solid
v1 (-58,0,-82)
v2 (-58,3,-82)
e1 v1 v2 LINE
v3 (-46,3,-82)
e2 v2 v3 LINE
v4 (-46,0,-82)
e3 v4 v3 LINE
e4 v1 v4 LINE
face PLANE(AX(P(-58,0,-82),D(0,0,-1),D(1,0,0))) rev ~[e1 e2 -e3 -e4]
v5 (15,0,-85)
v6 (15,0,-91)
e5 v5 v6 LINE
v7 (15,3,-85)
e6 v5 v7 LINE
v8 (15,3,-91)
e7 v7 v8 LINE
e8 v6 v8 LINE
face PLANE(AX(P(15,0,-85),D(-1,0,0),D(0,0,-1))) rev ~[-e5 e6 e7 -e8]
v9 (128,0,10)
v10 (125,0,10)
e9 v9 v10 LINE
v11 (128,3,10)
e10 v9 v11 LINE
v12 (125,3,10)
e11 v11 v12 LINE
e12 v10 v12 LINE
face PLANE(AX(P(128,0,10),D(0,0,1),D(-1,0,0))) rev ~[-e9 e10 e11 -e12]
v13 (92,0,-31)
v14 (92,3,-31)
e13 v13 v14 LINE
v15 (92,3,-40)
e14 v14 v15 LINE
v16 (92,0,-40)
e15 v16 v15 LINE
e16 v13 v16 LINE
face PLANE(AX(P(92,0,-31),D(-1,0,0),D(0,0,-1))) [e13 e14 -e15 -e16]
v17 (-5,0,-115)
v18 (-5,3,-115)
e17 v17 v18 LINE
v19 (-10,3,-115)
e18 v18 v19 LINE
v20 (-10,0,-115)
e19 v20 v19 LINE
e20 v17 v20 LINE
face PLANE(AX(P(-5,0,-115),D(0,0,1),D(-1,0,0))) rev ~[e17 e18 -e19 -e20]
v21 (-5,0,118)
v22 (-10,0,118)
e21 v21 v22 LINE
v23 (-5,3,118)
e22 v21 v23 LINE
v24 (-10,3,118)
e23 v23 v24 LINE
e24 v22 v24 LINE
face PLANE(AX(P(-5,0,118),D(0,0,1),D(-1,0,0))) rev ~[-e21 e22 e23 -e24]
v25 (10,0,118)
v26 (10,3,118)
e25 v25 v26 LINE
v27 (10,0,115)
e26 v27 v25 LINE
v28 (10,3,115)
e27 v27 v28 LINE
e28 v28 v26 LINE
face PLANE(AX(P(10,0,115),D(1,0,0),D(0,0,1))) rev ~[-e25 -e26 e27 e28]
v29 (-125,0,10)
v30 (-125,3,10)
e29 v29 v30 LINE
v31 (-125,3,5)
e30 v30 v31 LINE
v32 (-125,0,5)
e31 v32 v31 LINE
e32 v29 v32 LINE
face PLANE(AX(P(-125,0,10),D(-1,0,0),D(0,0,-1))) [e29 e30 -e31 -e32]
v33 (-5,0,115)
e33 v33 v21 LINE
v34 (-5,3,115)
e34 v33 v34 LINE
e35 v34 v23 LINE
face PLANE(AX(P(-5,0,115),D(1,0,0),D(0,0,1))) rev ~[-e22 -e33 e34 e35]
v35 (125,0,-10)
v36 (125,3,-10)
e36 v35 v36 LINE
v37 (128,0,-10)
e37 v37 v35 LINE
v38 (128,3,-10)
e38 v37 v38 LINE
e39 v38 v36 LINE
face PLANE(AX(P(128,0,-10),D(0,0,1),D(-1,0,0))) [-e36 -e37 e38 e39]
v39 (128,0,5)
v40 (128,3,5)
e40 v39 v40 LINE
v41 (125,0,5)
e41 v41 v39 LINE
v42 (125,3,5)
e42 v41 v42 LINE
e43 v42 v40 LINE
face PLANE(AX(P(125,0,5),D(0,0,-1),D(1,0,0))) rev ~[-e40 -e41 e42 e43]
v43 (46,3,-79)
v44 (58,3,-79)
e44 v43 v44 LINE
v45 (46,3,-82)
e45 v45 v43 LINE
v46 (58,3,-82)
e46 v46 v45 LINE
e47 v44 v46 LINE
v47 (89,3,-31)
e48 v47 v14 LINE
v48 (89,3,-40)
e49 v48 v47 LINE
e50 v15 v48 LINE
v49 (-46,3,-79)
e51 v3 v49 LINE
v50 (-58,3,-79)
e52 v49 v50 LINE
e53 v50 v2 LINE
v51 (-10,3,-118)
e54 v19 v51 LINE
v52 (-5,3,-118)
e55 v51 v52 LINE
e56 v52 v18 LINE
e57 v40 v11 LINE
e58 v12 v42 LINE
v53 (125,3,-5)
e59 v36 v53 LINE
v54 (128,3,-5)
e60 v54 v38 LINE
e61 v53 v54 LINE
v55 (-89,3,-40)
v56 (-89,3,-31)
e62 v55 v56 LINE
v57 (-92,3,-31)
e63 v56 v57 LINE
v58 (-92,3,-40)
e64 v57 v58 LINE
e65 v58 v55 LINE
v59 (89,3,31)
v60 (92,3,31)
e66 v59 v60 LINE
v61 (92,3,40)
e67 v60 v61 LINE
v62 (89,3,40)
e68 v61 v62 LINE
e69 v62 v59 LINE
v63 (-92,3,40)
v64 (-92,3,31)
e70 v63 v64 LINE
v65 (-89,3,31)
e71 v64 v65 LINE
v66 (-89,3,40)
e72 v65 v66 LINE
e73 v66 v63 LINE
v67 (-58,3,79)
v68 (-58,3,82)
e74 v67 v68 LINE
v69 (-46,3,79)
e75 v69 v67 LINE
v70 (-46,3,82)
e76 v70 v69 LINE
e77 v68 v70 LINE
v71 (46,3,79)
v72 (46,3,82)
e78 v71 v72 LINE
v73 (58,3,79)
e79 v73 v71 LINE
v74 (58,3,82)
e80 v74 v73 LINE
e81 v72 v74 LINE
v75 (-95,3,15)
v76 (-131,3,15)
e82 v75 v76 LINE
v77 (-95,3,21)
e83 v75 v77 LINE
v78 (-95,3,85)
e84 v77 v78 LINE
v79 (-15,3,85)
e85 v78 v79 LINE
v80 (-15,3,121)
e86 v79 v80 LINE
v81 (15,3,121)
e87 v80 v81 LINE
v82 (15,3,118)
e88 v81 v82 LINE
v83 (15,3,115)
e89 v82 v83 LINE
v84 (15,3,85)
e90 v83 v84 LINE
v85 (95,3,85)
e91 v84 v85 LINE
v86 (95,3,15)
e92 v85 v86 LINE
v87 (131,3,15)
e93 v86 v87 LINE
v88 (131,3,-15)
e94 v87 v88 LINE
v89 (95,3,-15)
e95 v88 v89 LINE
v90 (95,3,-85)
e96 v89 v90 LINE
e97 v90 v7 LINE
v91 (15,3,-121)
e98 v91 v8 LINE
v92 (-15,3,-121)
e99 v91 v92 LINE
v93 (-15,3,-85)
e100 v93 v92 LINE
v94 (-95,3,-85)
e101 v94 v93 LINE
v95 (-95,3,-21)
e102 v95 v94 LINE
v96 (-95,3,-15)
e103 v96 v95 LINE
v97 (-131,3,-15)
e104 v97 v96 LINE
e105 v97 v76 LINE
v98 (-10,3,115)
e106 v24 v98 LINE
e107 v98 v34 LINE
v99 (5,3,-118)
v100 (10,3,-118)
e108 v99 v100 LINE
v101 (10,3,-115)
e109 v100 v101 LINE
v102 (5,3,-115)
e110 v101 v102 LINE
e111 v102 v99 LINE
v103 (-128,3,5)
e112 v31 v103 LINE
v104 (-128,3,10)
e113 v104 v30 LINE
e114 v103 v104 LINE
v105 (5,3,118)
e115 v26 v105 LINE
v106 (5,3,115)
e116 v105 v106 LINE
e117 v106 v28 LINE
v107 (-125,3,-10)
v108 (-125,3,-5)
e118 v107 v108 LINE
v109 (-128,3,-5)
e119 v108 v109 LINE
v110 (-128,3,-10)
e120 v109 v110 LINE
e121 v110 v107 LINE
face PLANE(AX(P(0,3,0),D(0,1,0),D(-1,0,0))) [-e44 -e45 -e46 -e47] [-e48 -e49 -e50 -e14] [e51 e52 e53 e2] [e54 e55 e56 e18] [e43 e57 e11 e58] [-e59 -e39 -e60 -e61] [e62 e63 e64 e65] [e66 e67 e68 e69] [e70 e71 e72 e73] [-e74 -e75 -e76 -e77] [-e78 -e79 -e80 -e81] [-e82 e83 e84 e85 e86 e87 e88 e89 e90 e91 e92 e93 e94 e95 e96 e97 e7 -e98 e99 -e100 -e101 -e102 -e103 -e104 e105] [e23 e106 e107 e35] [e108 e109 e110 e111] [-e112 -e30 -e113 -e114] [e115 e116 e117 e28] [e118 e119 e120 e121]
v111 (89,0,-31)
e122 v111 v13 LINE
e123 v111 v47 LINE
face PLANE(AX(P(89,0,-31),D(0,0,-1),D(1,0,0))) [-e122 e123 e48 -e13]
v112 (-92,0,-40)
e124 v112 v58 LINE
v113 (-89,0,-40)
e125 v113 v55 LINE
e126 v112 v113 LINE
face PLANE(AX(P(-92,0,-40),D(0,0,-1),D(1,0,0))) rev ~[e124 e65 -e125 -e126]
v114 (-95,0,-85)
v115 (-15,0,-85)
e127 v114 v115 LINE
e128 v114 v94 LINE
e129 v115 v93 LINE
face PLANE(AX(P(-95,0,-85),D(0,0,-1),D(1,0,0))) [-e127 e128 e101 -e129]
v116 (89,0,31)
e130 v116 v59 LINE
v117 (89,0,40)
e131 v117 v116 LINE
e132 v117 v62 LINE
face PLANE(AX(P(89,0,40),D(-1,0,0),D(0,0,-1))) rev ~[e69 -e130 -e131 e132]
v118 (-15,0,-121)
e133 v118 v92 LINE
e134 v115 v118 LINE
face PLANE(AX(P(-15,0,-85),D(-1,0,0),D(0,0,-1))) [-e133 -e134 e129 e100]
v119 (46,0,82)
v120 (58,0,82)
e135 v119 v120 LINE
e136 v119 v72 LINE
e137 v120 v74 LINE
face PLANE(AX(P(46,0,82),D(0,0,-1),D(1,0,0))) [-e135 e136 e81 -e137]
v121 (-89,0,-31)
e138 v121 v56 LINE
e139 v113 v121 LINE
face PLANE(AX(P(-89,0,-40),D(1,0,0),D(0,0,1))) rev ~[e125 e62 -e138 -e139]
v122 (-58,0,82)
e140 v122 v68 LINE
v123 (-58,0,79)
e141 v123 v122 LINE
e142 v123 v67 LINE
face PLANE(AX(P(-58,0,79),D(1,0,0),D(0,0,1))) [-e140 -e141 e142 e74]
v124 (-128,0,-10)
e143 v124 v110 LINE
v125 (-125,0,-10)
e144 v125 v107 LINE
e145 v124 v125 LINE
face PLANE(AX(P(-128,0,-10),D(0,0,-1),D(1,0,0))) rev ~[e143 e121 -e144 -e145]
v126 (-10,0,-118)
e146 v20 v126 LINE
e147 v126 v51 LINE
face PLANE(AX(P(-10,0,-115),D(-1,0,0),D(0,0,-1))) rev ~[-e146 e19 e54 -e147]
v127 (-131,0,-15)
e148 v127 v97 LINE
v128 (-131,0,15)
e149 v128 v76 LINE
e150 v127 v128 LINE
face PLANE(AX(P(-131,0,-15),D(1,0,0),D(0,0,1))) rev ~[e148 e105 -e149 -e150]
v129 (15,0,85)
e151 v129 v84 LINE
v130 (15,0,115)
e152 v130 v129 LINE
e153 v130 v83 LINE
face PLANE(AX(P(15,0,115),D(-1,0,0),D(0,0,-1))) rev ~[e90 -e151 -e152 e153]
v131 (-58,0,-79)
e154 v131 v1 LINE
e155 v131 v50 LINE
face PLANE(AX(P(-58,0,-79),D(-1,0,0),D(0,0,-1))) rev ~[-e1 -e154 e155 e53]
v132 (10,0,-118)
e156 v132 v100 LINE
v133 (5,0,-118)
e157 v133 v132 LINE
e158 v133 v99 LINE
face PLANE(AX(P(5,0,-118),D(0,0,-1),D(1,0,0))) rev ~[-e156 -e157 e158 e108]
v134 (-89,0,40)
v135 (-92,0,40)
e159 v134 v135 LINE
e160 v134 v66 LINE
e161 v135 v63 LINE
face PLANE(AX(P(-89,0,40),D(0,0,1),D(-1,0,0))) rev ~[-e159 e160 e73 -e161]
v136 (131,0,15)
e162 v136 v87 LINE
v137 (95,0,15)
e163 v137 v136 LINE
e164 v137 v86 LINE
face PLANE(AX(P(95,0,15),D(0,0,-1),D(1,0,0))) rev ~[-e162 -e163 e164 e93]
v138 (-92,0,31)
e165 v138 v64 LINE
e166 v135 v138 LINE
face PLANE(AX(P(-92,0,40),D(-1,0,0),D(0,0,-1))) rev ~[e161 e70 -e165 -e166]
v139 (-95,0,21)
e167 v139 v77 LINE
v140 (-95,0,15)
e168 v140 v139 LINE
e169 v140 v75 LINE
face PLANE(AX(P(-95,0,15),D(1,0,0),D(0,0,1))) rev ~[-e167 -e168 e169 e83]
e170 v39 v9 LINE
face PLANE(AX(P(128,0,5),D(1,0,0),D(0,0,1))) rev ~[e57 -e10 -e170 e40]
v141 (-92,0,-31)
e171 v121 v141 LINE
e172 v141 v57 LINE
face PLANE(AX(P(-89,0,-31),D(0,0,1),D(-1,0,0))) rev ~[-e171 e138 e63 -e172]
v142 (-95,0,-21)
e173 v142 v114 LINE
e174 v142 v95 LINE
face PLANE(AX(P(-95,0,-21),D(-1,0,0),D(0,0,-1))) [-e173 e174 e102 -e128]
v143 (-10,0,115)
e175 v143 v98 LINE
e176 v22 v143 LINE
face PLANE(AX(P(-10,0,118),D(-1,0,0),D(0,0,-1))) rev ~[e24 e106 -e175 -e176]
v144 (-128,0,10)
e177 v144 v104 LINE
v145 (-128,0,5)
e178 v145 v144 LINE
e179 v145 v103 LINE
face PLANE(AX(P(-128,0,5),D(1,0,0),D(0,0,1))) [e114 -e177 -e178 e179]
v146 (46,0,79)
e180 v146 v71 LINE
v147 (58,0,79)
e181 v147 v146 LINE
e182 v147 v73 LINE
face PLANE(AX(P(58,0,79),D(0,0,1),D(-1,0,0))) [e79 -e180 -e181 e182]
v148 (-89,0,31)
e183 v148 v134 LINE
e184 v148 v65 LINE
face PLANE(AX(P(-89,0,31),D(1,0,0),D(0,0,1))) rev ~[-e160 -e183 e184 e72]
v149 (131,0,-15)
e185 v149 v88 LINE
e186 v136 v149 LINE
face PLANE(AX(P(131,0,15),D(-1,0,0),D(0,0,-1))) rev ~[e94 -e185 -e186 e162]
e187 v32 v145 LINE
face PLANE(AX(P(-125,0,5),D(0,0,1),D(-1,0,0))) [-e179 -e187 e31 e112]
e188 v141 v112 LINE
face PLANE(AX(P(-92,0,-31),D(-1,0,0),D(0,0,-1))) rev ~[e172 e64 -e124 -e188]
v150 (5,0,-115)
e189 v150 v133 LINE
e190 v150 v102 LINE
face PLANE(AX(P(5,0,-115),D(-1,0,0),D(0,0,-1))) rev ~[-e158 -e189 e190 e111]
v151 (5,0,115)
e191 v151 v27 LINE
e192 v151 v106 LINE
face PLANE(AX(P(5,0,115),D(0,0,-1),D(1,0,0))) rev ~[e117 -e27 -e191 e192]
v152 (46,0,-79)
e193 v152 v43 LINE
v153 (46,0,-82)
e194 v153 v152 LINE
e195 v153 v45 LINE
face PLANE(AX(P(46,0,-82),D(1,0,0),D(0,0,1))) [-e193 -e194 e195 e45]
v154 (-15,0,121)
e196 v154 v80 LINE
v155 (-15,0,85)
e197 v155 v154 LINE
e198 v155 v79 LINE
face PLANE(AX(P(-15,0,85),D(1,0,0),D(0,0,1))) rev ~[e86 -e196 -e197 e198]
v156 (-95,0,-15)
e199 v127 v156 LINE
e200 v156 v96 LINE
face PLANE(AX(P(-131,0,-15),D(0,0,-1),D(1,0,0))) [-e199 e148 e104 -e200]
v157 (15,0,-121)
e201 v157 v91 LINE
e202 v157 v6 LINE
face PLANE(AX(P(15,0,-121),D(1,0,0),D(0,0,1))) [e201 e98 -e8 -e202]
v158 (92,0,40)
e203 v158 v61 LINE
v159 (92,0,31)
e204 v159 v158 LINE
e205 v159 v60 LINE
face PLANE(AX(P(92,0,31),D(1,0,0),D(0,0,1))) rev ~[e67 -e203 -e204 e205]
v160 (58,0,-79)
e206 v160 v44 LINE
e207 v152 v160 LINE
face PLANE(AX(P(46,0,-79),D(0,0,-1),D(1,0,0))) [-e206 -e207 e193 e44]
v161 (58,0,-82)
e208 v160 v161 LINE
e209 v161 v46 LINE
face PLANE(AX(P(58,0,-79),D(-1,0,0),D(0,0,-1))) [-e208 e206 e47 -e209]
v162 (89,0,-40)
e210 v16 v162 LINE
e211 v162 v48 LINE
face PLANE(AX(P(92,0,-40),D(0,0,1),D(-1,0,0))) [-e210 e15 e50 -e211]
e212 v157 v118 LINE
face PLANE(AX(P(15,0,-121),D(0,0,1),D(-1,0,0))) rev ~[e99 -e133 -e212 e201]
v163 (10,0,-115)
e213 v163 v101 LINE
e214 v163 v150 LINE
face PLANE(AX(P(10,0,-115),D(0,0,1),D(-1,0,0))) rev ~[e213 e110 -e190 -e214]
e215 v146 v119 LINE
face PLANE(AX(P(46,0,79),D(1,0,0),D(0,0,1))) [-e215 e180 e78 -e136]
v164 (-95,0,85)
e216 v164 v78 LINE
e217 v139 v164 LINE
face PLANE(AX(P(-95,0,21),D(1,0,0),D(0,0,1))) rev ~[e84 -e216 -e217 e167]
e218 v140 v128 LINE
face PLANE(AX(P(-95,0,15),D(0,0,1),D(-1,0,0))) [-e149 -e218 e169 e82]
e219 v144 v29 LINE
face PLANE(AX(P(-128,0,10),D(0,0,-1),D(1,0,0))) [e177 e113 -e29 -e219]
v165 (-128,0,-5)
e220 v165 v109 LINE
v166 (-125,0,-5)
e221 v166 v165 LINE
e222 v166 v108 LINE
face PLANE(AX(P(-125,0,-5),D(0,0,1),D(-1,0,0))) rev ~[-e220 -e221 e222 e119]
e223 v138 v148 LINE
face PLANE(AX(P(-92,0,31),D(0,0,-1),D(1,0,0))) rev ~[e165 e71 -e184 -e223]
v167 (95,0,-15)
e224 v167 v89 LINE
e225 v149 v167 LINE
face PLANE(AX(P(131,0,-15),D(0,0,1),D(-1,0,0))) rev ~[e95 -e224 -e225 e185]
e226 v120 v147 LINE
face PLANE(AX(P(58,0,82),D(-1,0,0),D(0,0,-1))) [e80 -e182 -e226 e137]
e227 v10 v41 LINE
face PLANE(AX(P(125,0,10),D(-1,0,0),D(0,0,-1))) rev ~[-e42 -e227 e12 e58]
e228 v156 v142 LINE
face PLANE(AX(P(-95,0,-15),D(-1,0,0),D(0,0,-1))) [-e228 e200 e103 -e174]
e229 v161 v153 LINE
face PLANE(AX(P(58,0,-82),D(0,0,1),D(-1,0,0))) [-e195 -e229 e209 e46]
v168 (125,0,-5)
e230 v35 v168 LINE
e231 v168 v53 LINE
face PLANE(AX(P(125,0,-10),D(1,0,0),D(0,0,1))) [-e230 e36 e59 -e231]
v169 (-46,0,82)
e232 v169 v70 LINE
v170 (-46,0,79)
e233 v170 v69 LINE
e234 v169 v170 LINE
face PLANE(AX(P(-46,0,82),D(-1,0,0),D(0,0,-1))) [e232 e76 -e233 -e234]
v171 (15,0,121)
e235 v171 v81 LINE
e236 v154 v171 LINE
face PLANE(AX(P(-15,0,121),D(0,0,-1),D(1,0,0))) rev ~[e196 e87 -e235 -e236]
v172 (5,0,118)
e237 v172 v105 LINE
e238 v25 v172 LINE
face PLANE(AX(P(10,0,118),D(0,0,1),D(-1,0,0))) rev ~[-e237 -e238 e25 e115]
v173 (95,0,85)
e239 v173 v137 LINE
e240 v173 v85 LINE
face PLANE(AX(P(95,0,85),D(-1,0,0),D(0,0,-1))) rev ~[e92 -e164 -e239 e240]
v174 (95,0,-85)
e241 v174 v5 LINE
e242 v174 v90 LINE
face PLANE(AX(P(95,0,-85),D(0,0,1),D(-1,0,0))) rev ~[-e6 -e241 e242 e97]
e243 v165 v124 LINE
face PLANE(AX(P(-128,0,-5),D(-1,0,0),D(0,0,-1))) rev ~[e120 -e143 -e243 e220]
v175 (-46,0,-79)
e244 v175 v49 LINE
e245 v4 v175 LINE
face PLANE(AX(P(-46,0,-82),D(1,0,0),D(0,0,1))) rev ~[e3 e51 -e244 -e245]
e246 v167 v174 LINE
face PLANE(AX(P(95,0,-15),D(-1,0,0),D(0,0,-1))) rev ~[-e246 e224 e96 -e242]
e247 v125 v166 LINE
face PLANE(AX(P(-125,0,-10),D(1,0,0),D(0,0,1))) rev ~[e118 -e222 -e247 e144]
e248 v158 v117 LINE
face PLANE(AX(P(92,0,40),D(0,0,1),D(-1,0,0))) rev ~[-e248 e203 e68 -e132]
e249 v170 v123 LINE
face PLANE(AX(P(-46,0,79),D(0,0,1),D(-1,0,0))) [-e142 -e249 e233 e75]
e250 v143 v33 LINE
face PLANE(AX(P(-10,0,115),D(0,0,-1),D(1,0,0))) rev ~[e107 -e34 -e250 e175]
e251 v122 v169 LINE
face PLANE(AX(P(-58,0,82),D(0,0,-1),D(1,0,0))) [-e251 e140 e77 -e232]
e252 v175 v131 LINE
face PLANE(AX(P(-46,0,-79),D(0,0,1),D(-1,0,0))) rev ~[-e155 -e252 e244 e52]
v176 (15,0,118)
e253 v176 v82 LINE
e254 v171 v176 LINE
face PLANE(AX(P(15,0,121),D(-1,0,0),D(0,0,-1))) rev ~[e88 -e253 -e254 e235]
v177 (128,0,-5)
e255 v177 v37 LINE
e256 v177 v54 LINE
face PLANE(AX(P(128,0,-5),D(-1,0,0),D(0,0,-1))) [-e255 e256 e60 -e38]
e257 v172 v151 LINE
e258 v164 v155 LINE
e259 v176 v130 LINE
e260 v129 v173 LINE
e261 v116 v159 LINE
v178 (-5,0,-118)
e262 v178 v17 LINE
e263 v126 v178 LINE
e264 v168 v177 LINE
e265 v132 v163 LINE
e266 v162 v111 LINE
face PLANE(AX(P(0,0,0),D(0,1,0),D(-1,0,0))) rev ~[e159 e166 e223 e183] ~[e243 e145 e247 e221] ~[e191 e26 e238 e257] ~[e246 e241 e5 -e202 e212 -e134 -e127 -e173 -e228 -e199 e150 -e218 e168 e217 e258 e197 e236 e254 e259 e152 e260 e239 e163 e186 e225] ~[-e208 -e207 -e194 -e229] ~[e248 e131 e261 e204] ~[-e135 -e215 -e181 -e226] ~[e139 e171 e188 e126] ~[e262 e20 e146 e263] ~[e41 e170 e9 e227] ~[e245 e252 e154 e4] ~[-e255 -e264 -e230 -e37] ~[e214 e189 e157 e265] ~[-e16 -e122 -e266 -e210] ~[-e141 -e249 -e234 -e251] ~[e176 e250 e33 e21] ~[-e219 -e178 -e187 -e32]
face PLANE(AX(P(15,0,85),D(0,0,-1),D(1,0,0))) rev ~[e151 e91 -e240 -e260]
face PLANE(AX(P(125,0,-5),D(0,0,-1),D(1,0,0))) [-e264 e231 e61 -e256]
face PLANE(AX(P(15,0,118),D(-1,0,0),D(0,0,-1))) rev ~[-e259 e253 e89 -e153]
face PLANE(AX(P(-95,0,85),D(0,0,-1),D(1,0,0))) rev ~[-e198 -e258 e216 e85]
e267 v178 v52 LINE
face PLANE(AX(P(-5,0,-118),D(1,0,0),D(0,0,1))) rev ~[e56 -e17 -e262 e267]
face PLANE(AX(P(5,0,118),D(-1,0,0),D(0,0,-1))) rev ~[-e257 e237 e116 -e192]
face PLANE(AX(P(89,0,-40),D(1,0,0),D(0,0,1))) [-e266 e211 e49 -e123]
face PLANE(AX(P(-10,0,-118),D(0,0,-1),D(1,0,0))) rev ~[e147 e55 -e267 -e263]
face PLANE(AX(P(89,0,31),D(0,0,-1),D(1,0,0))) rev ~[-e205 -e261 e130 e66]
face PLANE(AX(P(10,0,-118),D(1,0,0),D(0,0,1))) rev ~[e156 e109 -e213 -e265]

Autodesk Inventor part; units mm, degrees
ref_plane "YZ Plane" through (0, 0, 0) normal (1, 0, 0) x (0, 1, 0)
ref_plane "XZ Plane" through (0, 0, 0) normal (0, 1, 0) x (-1, 0, 0)
ref_plane "XY Plane" through (0, 0, 0) normal (0, 0, 1) x (1, 0, 0)
sketch "Boceto1" plane through (0, 0, 0) normal (0, 1, 0) x (-1, 0, 0)
  line L0 (-15, 118) -> (-15, 115)
  line L1 (-15, 121) -> (-15, 118)
  line L2 (-5, 115) -> (-10, 115)
  line L3 (-10, 115) -> (-10, 118)
  line L4 (-10, 118) -> (-5, 118)
  line L5 (-5, 118) -> (-5, 115)
  line L6 (10, 115) -> (5, 115)
  line L7 (5, 115) -> (5, 118)
  line L8 (5, 118) -> (10, 118)
  line L9 (10, 118) -> (10, 115)
  line L10 (-15, -85) -> (-15, -91)
  line L11 (-15, -121) -> (-15, -85)
  line L12 (-15, -121) -> (15, -121)
  line L13 (95, -15) -> (95, -85)
  line L14 (95, -85) -> (15, -85)
  line L15 (15, -85) -> (15, -121)
  line L16 (-15, 121) -> (-15, 85)
  line L17 (-15, 85) -> (-95, 85)
  line L18 (-95, 85) -> (-95, 15)
  line L19 (-95, 15) -> (-131, 15)
  line L20 (-131, 15) -> (-131, -15)
  line L21 (-131, -15) -> (-95, -15)
  line L22 (-95, -15) -> (-95, -85)
  line L23 (-95, -85) -> (-15, -85)
  line L24 (-10, -115) -> (-5, -115)
  line L25 (-5, -115) -> (-5, -118)
  line L26 (-5, -118) -> (-10, -118)
  line L27 (-10, -118) -> (-10, -115)
  line L28 (10, -115) -> (10, -118)
  line L29 (10, -118) -> (5, -118)
  line L30 (5, -118) -> (5, -115)
  line L31 (5, -115) -> (10, -115)
  line L32 (46, -82) -> (46, -79)
  line L33 (46, -79) -> (58, -79)
  line L34 (58, -79) -> (58, -82)
  line L35 (58, -82) -> (46, -82)
  line L36 (95, 15) -> (95, 21)
  line L37 (95, -15) -> (95, -21)
  line L38 (131, -15) -> (131, 15)
  line L39 (131, -15) -> (95, -15)
  line L40 (95, 15) -> (131, 15)
  line L41 (95, 15) -> (95, 85)
  line L42 (95, 85) -> (15, 85)
  line L43 (15, 85) -> (15, 121)
  line L44 (15, 121) -> (-15, 121)
  line L45 (125, 10) -> (125, 5)
  line L46 (125, 5) -> (128, 5)
  line L47 (128, 5) -> (128, 10)
  line L48 (128, 10) -> (125, 10)
  line L49 (128, -10) -> (125, -10)
  line L50 (125, -10) -> (125, -5)
  line L51 (125, -5) -> (128, -5)
  line L52 (128, -5) -> (128, -10)
  line L53 (92, -31) -> (92, -40)
  line L54 (92, -40) -> (89, -40)
  line L55 (89, -40) -> (89, -31)
  line L56 (89, -31) -> (92, -31)
  line L57 (92, 40) -> (92, 31)
  line L58 (92, 31) -> (89, 31)
  line L59 (89, 31) -> (89, 40)
  line L60 (89, 40) -> (92, 40)
  line L61 (46, 82) -> (46, 79)
  line L62 (46, 79) -> (58, 79)
  line L63 (58, 79) -> (58, 82)
  line L64 (58, 82) -> (46, 82)
  line L65 (-58, 82) -> (-58, 79)
  line L66 (-58, 79) -> (-46, 79)
  line L67 (-46, 79) -> (-46, 82)
  line L68 (-46, 82) -> (-58, 82)
  line L69 (-92, 31) -> (-92, 40)
  line L70 (-92, 40) -> (-89, 40)
  line L71 (-89, 40) -> (-89, 31)
  line L72 (-89, 31) -> (-92, 31)
  line L73 (-92, -31) -> (-92, -40)
  line L74 (-92, -40) -> (-89, -40)
  line L75 (-89, -40) -> (-89, -31)
  line L76 (-89, -31) -> (-92, -31)
  line L77 (-46, -82) -> (-46, -79)
  line L78 (-46, -79) -> (-58, -79)
  line L79 (-58, -79) -> (-58, -82)
  line L80 (-58, -82) -> (-46, -82)
  line L81 (-128, -5) -> (-128, -10)
  line L82 (-128, -10) -> (-125, -10)
  line L83 (-125, -10) -> (-125, -5)
  line L84 (-125, -5) -> (-128, -5)
  line L85 (-125, 10) -> (-125, 5)
  line L86 (-125, 5) -> (-128, 5)
  line L87 (-128, 5) -> (-128, 10)
  line L88 (-128, 10) -> (-125, 10)
extrude "Extrusión1" add sketch "Boceto1" along normal blind 3
properties part number "Base1" material "MDF Tablero de fibras de densidad media"
